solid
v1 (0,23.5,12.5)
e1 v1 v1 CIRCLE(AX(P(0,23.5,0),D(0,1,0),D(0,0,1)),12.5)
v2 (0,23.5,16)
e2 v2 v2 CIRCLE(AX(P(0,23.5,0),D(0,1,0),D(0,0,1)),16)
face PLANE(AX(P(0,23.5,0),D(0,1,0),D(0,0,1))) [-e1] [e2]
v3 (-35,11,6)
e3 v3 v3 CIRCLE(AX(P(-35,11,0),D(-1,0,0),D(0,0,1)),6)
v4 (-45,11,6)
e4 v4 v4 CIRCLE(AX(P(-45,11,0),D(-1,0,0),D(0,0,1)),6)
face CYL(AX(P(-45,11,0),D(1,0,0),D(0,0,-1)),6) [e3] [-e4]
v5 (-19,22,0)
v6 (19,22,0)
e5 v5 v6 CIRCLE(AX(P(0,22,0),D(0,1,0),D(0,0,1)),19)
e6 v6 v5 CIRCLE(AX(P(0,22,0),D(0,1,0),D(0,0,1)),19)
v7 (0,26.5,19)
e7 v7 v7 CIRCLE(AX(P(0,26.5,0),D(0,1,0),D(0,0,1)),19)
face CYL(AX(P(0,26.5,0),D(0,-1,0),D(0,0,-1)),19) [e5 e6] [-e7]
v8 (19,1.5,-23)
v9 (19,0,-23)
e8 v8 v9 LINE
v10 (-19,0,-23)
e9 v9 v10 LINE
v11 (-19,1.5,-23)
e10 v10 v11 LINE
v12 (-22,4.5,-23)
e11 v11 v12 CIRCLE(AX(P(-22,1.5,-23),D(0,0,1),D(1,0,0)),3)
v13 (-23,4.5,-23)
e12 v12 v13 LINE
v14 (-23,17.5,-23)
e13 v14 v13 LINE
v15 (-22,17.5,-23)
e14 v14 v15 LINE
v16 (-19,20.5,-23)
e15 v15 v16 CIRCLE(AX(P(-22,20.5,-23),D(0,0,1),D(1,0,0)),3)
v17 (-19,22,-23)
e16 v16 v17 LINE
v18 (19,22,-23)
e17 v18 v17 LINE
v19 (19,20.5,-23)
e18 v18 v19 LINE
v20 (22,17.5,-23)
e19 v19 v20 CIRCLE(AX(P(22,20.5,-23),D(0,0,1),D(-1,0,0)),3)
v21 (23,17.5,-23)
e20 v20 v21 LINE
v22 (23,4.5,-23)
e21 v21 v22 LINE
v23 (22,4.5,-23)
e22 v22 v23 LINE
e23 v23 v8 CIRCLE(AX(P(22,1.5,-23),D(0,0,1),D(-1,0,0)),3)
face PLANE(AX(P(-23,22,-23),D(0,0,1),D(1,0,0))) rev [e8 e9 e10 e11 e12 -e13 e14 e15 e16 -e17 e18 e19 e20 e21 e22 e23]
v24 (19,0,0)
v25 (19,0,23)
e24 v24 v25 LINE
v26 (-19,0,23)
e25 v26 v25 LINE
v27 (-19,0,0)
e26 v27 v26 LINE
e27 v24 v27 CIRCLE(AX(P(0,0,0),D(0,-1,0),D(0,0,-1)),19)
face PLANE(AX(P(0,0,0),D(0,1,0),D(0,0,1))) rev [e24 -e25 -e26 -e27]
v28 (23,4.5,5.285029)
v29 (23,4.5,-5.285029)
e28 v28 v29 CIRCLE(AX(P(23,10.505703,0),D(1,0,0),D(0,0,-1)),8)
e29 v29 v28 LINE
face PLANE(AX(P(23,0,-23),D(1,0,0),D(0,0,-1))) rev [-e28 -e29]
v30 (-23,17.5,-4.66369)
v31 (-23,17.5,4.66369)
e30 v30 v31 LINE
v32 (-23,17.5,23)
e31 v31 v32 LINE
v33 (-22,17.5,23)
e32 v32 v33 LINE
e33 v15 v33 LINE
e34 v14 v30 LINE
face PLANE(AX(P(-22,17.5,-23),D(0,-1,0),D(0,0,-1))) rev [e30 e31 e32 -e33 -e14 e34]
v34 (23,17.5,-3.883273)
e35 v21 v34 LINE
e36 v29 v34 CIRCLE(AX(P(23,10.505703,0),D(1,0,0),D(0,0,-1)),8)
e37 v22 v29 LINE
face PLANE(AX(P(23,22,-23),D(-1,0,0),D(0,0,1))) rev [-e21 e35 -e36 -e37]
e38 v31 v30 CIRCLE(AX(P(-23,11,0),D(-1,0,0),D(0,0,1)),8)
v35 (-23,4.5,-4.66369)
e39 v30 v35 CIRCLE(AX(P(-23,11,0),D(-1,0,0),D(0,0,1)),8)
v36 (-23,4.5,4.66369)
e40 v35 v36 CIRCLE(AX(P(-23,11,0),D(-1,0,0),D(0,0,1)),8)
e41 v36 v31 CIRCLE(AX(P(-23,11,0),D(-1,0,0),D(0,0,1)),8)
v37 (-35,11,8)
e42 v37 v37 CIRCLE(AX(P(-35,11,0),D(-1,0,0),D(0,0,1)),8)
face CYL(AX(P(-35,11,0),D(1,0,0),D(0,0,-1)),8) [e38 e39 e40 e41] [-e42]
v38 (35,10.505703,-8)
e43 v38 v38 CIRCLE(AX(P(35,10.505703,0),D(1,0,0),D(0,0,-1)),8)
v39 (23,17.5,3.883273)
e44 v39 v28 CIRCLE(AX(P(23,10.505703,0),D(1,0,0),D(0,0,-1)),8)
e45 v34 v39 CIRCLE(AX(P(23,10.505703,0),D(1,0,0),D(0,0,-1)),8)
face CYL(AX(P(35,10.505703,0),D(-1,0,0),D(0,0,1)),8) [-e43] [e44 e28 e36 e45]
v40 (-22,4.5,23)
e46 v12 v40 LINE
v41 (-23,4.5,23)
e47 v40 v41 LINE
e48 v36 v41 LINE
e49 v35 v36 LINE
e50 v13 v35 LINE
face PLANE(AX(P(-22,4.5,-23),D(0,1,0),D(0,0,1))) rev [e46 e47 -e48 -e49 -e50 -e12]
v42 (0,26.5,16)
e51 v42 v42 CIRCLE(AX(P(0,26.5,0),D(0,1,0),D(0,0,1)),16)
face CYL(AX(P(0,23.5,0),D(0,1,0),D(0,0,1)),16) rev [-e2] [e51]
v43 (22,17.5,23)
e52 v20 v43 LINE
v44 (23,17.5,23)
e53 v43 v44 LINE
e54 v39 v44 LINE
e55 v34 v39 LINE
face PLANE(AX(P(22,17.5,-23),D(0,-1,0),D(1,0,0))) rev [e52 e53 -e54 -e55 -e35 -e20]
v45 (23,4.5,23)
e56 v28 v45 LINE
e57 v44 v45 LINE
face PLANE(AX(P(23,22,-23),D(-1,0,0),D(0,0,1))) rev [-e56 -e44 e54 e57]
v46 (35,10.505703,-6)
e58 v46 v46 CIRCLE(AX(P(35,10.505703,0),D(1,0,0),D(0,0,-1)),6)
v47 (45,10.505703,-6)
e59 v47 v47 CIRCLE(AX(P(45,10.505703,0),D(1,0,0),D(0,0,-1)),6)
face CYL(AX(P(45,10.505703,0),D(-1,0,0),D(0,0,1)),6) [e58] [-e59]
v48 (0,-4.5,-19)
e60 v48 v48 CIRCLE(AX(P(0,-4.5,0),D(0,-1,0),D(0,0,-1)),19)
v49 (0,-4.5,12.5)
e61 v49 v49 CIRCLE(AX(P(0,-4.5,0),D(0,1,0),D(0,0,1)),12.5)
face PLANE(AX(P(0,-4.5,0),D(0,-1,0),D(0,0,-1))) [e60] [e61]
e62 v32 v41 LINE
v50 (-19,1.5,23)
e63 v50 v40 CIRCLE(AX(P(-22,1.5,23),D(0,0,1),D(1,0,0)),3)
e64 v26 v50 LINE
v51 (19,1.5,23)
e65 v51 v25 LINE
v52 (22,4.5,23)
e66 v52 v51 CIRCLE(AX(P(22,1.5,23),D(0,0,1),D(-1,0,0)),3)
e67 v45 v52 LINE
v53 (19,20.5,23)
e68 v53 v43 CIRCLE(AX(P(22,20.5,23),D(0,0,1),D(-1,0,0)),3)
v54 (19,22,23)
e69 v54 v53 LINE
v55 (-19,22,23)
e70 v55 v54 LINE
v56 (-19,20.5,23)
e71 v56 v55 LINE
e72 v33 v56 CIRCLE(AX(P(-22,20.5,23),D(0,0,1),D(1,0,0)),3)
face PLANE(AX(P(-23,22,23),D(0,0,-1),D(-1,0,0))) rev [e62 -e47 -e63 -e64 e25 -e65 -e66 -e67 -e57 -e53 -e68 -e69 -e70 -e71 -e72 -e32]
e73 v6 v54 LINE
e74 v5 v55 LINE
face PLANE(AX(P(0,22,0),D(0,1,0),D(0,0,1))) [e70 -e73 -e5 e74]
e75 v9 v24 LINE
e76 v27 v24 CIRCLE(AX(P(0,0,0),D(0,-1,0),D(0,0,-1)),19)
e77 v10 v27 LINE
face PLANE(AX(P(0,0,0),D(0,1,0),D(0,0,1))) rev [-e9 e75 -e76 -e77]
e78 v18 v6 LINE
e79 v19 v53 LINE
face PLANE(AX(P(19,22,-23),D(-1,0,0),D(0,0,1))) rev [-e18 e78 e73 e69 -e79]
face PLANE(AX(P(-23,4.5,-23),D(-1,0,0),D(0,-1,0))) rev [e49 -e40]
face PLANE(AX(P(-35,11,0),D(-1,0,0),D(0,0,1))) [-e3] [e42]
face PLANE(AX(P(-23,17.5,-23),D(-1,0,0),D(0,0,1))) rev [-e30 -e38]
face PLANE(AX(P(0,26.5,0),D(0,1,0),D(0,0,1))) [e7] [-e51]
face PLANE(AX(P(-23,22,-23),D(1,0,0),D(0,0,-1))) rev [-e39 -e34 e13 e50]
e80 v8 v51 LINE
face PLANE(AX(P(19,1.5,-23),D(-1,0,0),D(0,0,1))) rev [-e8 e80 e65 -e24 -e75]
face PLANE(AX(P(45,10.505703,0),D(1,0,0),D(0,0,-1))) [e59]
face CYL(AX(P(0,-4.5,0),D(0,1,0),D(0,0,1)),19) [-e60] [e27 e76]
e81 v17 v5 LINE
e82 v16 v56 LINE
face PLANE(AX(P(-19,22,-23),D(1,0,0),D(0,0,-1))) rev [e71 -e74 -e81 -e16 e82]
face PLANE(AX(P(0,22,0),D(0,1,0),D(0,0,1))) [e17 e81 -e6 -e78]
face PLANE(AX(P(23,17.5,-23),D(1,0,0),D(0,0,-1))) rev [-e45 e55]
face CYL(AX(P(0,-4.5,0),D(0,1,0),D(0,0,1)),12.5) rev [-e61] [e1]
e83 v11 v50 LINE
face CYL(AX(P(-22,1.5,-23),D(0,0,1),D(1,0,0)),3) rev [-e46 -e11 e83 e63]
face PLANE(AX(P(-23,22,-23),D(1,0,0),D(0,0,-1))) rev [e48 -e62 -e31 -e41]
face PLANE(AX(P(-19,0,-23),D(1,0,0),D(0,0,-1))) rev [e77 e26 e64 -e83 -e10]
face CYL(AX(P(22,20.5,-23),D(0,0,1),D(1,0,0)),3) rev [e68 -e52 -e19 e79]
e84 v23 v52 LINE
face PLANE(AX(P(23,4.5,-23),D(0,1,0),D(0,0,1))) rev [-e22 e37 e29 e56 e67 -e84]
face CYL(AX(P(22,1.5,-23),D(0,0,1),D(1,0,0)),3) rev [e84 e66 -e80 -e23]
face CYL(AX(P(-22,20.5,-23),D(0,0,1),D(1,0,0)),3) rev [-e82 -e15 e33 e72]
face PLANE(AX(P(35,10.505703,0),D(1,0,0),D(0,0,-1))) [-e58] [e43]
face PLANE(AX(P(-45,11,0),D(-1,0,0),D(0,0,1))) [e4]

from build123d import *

# Parameters (mm, degrees)
SKETCH1_W           = 46
SKETCH1_H           = 46
BOSS_EXTRUDE1_DEPTH = 22
SKETCH2_R           = 19
BOSS_EXTRUDE4_DEPTH = 4.5
SKETCH5_R           = 19
BOSS_EXTRUDE5_DEPTH = 4.5
SKETCH6_R           = 16
CUT_EXTRUDE1_DEPTH  = 3
SKETCH7_R           = 12.5
CUT_EXTRUDE2_DEPTH  = 29
SKETCH8_R           = 8
BOSS_EXTRUDE6_DEPTH = 12
SKETCH9_R           = 6
BOSS_EXTRUDE7_DEPTH = 10
SKETCH10_R          = 8
BOSS_EXTRUDE8_DEPTH = 12
SKETCH11_R          = 6
BOSS_EXTRUDE9_DEPTH = 10
CUT_EXTRUDE3_DEPTH  = 47


with BuildPart() as part:
    # Sketch1 → Boss-Extrude1 (new body)
    with BuildSketch(Plane(origin=(0, 0, 0), x_dir=(1, 0, 0), z_dir=(0, 1, 0))):
        Rectangle(SKETCH1_W, SKETCH1_H)
    extrude(amount=BOSS_EXTRUDE1_DEPTH)

    # Sketch2 → Boss-Extrude4 (add)
    with BuildSketch(Plane(origin=(0, 22, 0), x_dir=(1, 0, 0), z_dir=(0, 1, 0))):
        Circle(SKETCH2_R)
    extrude(amount=BOSS_EXTRUDE4_DEPTH)

    # Sketch5 → Boss-Extrude5 (add)
    with BuildSketch(Plane.XZ):
        Circle(SKETCH5_R)
    extrude(amount=BOSS_EXTRUDE5_DEPTH)

    # Sketch6 → Cut-Extrude1 (cut)
    with BuildSketch(Plane(origin=(0, 26.5, 0), x_dir=(1, 0, 0), z_dir=(0, 1, 0))):
        Circle(SKETCH6_R)
    extrude(amount=-CUT_EXTRUDE1_DEPTH, mode=Mode.SUBTRACT)

    # Sketch7 → Cut-Extrude2 (cut, through all)
    with BuildSketch(Plane(origin=(0, 23.5, 0), x_dir=(1, 0, 0), z_dir=(0, 1, 0))):
        Circle(SKETCH7_R)
    extrude(amount=-CUT_EXTRUDE2_DEPTH, mode=Mode.SUBTRACT)

    # Sketch8 → Boss-Extrude6 (add)
    with BuildSketch(Plane(origin=(23, 0, 0), x_dir=(0, 0, -1), z_dir=(1, 0, 0))):
        with Locations((0, 10.505702785)):
            Circle(SKETCH8_R)
    extrude(amount=BOSS_EXTRUDE6_DEPTH)

    # Sketch9 → Boss-Extrude7 (add)
    with BuildSketch(Plane(origin=(35, 0, 0), x_dir=(0, 0, -1), z_dir=(1, 0, 0))):
        with Locations((0, 10.505702785)):
            Circle(SKETCH9_R)
    extrude(amount=BOSS_EXTRUDE7_DEPTH)

    # Sketch10 → Boss-Extrude8 (add)
    with BuildSketch(Plane.ZY.offset(23)):
        with Locations((0, 11)):
            Circle(SKETCH10_R)
    extrude(amount=BOSS_EXTRUDE8_DEPTH)

    # Sketch11 → Boss-Extrude9 (add)
    with BuildSketch(Plane.ZY.offset(35)):
        with Locations((0, 11)):
            Circle(SKETCH11_R)
    extrude(amount=BOSS_EXTRUDE9_DEPTH)

    # Sketch13 → Cut-Extrude3 (cut, through all)
    with BuildSketch(Plane.XY.offset(23)):
        with BuildLine():
            Line((-23, 22), (-19, 22))
            Line((-19, 22), (-19, 20.5))
            ThreePointArc((-19, 20.5), (-19.878679656, 18.378679656), (-22, 17.5))
            Line((-22, 17.5), (-23, 17.5))
            Line((-23, 17.5), (-23, 22))
        make_face()
        with BuildLine():
            Line((23, 22), (19, 22))
            Line((19, 22), (19, 20.5))
            ThreePointArc((19, 20.5), (19.878679656, 18.378679656), (22, 17.5))
            Line((22, 17.5), (23, 17.5))
            Line((23, 17.5), (23, 22))
        make_face()
        with BuildLine():
            Line((-23, 0), (-19, 0))
            Line((-19, 0), (-19, 1.5))
            ThreePointArc((-19, 1.5), (-19.878679656, 3.621320344), (-22, 4.5))
            Line((-22, 4.5), (-23, 4.5))
            Line((-23, 4.5), (-23, 0))
        make_face()
        with BuildLine():
            Line((23, 0), (23, 4.5))
            Line((23, 4.5), (22, 4.5))
            ThreePointArc((22, 4.5), (19.878679656, 3.621320344), (19, 1.5))
            Line((19, 1.5), (19, 0))
            Line((19, 0), (23, 0))
        make_face()
    extrude(amount=-CUT_EXTRUDE3_DEPTH, mode=Mode.SUBTRACT)


solid = part.part
